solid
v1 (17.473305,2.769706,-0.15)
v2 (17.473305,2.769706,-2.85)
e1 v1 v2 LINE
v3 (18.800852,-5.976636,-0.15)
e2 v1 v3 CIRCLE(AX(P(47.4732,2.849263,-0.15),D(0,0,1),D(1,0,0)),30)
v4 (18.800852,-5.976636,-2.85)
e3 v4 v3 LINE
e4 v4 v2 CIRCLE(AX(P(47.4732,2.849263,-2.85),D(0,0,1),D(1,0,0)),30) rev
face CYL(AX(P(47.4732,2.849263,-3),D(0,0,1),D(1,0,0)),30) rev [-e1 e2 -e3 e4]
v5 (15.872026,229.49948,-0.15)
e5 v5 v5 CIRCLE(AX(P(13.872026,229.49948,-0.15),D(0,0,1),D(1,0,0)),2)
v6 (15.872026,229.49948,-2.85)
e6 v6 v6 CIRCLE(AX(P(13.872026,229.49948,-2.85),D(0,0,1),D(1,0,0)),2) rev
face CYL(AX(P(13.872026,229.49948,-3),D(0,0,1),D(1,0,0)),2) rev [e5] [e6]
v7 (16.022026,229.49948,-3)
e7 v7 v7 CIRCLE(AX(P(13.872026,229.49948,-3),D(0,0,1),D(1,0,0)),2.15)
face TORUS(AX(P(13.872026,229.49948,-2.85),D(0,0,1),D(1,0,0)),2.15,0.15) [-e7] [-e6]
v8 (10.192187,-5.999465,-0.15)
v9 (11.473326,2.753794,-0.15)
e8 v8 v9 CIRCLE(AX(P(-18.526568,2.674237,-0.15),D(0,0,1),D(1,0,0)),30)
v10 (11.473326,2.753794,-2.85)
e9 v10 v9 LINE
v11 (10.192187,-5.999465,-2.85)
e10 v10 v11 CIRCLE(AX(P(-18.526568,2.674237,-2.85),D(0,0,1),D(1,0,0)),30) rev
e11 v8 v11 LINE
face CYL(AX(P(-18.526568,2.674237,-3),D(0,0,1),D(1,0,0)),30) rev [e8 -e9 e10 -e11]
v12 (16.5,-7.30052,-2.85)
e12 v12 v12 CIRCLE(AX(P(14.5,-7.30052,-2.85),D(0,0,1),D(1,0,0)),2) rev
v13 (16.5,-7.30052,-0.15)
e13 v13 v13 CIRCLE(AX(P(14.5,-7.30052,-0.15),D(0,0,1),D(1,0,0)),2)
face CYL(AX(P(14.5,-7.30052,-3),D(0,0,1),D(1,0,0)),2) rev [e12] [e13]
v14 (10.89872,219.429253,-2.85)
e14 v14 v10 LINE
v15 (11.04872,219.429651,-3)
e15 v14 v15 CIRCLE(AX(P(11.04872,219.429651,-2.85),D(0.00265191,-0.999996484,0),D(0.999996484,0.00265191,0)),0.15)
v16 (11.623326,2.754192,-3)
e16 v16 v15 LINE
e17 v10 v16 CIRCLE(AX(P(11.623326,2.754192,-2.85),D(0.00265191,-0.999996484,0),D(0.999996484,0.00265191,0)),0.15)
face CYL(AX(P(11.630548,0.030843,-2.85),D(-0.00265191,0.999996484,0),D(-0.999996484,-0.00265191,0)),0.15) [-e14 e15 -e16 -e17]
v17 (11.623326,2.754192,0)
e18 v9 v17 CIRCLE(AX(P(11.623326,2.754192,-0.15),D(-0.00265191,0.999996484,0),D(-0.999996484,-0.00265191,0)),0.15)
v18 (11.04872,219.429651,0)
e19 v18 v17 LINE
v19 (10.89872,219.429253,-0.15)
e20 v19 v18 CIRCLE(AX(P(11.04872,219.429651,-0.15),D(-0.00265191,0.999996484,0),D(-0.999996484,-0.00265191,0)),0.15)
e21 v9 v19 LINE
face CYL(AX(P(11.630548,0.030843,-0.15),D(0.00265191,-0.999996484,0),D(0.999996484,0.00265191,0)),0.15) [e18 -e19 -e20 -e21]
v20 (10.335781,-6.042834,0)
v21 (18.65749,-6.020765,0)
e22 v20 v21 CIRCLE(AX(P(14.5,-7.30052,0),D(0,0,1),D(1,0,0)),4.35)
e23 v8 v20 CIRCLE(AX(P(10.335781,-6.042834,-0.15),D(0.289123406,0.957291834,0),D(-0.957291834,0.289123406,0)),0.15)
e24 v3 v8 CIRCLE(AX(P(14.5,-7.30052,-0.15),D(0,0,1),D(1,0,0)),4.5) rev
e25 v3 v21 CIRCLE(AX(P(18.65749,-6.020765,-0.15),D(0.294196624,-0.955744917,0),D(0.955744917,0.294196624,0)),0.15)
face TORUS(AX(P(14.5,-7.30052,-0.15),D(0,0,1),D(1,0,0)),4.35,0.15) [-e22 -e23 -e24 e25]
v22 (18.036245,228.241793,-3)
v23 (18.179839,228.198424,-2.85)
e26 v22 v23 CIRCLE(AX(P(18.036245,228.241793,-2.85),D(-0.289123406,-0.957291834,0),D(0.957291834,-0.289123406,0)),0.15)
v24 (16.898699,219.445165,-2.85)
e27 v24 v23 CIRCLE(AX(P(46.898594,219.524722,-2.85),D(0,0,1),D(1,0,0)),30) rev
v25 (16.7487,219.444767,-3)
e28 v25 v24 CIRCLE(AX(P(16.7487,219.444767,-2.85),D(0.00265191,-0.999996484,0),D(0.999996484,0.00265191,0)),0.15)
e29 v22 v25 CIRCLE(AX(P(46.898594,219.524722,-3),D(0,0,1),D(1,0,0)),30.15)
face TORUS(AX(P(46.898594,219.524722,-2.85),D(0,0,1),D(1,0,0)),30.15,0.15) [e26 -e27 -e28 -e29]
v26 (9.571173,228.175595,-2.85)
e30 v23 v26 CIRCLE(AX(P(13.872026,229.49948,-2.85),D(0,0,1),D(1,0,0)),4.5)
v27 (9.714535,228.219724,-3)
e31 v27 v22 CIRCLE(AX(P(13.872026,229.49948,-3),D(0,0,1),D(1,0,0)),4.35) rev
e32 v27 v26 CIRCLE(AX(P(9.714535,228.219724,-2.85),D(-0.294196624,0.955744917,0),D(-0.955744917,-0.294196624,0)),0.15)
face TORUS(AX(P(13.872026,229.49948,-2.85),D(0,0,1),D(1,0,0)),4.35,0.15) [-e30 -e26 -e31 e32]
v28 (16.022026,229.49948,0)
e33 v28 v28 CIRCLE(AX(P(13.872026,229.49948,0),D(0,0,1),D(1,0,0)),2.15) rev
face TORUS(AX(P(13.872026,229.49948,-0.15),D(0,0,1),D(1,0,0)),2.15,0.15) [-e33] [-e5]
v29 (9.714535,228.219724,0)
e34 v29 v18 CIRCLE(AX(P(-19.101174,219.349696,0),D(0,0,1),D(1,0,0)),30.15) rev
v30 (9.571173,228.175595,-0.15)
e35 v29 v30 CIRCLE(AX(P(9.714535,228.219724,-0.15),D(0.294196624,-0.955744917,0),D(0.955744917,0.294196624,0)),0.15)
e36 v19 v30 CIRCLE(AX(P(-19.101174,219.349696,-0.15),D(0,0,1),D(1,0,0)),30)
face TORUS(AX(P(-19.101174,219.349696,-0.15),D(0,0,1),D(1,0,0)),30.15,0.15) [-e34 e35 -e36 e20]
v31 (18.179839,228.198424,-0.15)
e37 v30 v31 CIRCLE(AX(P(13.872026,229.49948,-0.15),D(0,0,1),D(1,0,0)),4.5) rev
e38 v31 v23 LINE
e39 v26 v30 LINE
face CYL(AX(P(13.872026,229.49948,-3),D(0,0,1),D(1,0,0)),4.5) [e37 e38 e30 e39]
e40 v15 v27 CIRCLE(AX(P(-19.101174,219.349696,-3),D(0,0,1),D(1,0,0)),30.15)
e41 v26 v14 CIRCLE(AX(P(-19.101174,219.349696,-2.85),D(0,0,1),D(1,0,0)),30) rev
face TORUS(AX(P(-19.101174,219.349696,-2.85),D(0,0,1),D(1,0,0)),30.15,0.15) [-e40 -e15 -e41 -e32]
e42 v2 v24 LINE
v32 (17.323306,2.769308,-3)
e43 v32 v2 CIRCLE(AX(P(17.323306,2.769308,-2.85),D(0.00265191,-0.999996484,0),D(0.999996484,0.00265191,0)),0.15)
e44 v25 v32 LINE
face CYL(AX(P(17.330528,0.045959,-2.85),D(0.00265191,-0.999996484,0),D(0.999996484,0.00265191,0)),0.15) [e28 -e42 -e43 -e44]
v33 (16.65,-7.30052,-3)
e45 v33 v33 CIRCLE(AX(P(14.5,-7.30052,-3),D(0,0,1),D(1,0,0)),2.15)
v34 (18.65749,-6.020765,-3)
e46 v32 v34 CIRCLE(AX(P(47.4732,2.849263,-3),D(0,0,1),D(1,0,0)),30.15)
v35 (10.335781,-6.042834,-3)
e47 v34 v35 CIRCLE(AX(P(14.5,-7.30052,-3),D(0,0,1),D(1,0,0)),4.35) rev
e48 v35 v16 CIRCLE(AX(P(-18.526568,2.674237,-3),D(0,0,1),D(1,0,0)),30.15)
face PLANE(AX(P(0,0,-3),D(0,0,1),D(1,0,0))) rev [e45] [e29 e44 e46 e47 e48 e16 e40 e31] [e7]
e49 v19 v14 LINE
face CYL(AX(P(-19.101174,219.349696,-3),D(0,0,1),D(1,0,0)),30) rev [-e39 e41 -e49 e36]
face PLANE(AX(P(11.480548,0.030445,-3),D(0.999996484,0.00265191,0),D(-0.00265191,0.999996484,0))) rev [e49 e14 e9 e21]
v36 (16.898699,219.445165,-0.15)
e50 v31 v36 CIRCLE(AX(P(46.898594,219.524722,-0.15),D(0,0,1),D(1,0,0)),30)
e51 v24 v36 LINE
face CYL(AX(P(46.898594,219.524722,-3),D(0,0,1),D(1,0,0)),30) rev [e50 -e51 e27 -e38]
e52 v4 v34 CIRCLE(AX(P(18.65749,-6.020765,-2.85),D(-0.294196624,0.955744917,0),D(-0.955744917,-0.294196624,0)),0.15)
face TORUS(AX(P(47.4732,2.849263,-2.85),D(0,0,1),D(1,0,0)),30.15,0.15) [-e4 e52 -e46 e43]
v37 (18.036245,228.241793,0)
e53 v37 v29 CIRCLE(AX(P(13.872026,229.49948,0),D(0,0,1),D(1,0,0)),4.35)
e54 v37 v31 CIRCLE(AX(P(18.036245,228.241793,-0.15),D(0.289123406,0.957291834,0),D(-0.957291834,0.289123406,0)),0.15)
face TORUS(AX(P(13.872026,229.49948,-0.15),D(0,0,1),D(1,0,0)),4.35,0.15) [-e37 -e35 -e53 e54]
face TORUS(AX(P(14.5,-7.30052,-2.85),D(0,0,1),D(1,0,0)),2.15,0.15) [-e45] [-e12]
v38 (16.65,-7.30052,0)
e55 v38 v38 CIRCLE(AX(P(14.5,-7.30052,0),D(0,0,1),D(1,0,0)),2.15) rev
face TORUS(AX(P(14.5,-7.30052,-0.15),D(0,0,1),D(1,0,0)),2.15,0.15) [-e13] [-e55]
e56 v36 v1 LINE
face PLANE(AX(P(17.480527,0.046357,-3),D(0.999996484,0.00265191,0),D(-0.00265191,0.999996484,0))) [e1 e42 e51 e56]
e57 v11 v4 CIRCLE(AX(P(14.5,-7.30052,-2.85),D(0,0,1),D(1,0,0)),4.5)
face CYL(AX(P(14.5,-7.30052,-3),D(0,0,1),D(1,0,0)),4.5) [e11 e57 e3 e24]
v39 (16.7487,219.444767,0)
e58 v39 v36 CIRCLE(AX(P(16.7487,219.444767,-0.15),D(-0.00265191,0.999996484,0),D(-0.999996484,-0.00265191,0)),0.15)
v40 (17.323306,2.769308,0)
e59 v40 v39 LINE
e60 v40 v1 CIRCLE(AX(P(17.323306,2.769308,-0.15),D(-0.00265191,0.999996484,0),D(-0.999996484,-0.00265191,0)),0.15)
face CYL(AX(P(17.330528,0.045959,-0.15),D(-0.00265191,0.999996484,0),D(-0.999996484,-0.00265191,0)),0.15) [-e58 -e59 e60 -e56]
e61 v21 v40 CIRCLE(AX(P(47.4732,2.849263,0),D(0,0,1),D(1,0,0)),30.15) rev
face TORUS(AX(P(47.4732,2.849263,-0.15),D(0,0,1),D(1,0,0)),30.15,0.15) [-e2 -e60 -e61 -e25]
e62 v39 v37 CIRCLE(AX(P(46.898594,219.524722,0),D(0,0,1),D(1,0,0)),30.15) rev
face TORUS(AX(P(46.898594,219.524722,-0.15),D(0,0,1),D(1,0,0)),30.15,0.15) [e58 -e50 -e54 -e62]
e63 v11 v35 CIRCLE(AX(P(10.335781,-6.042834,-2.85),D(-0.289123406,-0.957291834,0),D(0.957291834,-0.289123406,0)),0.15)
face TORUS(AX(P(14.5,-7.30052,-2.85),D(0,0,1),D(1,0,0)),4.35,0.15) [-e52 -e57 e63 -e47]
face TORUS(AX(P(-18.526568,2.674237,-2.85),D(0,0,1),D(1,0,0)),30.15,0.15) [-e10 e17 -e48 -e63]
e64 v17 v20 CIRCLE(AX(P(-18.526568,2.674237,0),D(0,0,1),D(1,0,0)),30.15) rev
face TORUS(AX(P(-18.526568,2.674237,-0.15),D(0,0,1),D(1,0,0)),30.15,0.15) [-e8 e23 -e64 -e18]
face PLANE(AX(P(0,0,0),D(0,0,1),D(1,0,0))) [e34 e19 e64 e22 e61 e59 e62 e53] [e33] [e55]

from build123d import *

# Parameters (mm, degrees)
SKETCH1_R           = 2
BOSS_EXTRUDE1_DEPTH = 3
FILLET1_R           = 30
FILLET2_R           = 0.15


with BuildPart() as part:
    # Sketch1 → Boss-Extrude1 (new body)
    with BuildSketch(Plane.XY):
        with BuildLine():
            Line((11.491115757, -3.954385983), (10.880930887, 226.137433673))
            ThreePointArc((10.880930887, 226.137433673), (13.860091969, 233.999463751), (16.880909789, 226.153345131))
            Line((16.880909789, 226.153345131), (17.491094659, -3.938474525))
            ThreePointArc((17.491094659, -3.938474525), (14.511933577, -11.800504602), (11.491115757, -3.954385983))
        make_face()
        with Locations((13.872025562, 229.499479574)):
            Circle(SKETCH1_R, mode=Mode.SUBTRACT)
        with Locations((14.499999983, -7.300520426)):
            Circle(SKETCH1_R, mode=Mode.SUBTRACT)
    extrude(amount=-BOSS_EXTRUDE1_DEPTH)

    # Fillet1
    fillet1_edges = [part.edges().sort_by_distance(p)[0] for p in [
        (10.880930887, 226.137433673, -1.5),
        (16.880909789, 226.153345131, -1.5),
        (17.491094659, -3.938474525, -1.5),
        (11.491115757, -3.954385983, -1.5),
    ]]
    fillet(fillet1_edges, radius=FILLET1_R)

    # Fillet2
    fillet2_edges = [part.edges().sort_by_distance(p)[0] for p in [
        (12.499999983, -7.300520426, 0),
        (11.872025562, 229.499479574, -3),
        (14.511933577, -11.800504602, 0),
        (14.511933577, -11.800504602, -3),
        (17.186002224, 111.107435303, 0),
        (17.186002224, 111.107435303, -3),
        (11.186023322, 111.091523845, 0),
        (11.186023322, 111.091523845, -3),
        (13.860091969, 233.999463751, 0),
        (13.860091969, 233.999463751, -3),
        (17.812912735, -1.652667807, 0),
        (17.812912735, -1.652667807, -3),
        (11.157178744, -1.670318274, 0),
        (11.157178744, -1.670318274, -3),
        (10.559112811, 223.851626955, 0),
        (10.559112811, 223.851626955, -3),
        (17.214846802, 223.869277422, 0),
        (17.214846802, 223.869277422, -3),
        (12.499999983, -7.300520426, -3),
        (11.872025562, 229.499479574, 0),
    ]]
    fillet(fillet2_edges, radius=FILLET2_R)


solid = part.part
